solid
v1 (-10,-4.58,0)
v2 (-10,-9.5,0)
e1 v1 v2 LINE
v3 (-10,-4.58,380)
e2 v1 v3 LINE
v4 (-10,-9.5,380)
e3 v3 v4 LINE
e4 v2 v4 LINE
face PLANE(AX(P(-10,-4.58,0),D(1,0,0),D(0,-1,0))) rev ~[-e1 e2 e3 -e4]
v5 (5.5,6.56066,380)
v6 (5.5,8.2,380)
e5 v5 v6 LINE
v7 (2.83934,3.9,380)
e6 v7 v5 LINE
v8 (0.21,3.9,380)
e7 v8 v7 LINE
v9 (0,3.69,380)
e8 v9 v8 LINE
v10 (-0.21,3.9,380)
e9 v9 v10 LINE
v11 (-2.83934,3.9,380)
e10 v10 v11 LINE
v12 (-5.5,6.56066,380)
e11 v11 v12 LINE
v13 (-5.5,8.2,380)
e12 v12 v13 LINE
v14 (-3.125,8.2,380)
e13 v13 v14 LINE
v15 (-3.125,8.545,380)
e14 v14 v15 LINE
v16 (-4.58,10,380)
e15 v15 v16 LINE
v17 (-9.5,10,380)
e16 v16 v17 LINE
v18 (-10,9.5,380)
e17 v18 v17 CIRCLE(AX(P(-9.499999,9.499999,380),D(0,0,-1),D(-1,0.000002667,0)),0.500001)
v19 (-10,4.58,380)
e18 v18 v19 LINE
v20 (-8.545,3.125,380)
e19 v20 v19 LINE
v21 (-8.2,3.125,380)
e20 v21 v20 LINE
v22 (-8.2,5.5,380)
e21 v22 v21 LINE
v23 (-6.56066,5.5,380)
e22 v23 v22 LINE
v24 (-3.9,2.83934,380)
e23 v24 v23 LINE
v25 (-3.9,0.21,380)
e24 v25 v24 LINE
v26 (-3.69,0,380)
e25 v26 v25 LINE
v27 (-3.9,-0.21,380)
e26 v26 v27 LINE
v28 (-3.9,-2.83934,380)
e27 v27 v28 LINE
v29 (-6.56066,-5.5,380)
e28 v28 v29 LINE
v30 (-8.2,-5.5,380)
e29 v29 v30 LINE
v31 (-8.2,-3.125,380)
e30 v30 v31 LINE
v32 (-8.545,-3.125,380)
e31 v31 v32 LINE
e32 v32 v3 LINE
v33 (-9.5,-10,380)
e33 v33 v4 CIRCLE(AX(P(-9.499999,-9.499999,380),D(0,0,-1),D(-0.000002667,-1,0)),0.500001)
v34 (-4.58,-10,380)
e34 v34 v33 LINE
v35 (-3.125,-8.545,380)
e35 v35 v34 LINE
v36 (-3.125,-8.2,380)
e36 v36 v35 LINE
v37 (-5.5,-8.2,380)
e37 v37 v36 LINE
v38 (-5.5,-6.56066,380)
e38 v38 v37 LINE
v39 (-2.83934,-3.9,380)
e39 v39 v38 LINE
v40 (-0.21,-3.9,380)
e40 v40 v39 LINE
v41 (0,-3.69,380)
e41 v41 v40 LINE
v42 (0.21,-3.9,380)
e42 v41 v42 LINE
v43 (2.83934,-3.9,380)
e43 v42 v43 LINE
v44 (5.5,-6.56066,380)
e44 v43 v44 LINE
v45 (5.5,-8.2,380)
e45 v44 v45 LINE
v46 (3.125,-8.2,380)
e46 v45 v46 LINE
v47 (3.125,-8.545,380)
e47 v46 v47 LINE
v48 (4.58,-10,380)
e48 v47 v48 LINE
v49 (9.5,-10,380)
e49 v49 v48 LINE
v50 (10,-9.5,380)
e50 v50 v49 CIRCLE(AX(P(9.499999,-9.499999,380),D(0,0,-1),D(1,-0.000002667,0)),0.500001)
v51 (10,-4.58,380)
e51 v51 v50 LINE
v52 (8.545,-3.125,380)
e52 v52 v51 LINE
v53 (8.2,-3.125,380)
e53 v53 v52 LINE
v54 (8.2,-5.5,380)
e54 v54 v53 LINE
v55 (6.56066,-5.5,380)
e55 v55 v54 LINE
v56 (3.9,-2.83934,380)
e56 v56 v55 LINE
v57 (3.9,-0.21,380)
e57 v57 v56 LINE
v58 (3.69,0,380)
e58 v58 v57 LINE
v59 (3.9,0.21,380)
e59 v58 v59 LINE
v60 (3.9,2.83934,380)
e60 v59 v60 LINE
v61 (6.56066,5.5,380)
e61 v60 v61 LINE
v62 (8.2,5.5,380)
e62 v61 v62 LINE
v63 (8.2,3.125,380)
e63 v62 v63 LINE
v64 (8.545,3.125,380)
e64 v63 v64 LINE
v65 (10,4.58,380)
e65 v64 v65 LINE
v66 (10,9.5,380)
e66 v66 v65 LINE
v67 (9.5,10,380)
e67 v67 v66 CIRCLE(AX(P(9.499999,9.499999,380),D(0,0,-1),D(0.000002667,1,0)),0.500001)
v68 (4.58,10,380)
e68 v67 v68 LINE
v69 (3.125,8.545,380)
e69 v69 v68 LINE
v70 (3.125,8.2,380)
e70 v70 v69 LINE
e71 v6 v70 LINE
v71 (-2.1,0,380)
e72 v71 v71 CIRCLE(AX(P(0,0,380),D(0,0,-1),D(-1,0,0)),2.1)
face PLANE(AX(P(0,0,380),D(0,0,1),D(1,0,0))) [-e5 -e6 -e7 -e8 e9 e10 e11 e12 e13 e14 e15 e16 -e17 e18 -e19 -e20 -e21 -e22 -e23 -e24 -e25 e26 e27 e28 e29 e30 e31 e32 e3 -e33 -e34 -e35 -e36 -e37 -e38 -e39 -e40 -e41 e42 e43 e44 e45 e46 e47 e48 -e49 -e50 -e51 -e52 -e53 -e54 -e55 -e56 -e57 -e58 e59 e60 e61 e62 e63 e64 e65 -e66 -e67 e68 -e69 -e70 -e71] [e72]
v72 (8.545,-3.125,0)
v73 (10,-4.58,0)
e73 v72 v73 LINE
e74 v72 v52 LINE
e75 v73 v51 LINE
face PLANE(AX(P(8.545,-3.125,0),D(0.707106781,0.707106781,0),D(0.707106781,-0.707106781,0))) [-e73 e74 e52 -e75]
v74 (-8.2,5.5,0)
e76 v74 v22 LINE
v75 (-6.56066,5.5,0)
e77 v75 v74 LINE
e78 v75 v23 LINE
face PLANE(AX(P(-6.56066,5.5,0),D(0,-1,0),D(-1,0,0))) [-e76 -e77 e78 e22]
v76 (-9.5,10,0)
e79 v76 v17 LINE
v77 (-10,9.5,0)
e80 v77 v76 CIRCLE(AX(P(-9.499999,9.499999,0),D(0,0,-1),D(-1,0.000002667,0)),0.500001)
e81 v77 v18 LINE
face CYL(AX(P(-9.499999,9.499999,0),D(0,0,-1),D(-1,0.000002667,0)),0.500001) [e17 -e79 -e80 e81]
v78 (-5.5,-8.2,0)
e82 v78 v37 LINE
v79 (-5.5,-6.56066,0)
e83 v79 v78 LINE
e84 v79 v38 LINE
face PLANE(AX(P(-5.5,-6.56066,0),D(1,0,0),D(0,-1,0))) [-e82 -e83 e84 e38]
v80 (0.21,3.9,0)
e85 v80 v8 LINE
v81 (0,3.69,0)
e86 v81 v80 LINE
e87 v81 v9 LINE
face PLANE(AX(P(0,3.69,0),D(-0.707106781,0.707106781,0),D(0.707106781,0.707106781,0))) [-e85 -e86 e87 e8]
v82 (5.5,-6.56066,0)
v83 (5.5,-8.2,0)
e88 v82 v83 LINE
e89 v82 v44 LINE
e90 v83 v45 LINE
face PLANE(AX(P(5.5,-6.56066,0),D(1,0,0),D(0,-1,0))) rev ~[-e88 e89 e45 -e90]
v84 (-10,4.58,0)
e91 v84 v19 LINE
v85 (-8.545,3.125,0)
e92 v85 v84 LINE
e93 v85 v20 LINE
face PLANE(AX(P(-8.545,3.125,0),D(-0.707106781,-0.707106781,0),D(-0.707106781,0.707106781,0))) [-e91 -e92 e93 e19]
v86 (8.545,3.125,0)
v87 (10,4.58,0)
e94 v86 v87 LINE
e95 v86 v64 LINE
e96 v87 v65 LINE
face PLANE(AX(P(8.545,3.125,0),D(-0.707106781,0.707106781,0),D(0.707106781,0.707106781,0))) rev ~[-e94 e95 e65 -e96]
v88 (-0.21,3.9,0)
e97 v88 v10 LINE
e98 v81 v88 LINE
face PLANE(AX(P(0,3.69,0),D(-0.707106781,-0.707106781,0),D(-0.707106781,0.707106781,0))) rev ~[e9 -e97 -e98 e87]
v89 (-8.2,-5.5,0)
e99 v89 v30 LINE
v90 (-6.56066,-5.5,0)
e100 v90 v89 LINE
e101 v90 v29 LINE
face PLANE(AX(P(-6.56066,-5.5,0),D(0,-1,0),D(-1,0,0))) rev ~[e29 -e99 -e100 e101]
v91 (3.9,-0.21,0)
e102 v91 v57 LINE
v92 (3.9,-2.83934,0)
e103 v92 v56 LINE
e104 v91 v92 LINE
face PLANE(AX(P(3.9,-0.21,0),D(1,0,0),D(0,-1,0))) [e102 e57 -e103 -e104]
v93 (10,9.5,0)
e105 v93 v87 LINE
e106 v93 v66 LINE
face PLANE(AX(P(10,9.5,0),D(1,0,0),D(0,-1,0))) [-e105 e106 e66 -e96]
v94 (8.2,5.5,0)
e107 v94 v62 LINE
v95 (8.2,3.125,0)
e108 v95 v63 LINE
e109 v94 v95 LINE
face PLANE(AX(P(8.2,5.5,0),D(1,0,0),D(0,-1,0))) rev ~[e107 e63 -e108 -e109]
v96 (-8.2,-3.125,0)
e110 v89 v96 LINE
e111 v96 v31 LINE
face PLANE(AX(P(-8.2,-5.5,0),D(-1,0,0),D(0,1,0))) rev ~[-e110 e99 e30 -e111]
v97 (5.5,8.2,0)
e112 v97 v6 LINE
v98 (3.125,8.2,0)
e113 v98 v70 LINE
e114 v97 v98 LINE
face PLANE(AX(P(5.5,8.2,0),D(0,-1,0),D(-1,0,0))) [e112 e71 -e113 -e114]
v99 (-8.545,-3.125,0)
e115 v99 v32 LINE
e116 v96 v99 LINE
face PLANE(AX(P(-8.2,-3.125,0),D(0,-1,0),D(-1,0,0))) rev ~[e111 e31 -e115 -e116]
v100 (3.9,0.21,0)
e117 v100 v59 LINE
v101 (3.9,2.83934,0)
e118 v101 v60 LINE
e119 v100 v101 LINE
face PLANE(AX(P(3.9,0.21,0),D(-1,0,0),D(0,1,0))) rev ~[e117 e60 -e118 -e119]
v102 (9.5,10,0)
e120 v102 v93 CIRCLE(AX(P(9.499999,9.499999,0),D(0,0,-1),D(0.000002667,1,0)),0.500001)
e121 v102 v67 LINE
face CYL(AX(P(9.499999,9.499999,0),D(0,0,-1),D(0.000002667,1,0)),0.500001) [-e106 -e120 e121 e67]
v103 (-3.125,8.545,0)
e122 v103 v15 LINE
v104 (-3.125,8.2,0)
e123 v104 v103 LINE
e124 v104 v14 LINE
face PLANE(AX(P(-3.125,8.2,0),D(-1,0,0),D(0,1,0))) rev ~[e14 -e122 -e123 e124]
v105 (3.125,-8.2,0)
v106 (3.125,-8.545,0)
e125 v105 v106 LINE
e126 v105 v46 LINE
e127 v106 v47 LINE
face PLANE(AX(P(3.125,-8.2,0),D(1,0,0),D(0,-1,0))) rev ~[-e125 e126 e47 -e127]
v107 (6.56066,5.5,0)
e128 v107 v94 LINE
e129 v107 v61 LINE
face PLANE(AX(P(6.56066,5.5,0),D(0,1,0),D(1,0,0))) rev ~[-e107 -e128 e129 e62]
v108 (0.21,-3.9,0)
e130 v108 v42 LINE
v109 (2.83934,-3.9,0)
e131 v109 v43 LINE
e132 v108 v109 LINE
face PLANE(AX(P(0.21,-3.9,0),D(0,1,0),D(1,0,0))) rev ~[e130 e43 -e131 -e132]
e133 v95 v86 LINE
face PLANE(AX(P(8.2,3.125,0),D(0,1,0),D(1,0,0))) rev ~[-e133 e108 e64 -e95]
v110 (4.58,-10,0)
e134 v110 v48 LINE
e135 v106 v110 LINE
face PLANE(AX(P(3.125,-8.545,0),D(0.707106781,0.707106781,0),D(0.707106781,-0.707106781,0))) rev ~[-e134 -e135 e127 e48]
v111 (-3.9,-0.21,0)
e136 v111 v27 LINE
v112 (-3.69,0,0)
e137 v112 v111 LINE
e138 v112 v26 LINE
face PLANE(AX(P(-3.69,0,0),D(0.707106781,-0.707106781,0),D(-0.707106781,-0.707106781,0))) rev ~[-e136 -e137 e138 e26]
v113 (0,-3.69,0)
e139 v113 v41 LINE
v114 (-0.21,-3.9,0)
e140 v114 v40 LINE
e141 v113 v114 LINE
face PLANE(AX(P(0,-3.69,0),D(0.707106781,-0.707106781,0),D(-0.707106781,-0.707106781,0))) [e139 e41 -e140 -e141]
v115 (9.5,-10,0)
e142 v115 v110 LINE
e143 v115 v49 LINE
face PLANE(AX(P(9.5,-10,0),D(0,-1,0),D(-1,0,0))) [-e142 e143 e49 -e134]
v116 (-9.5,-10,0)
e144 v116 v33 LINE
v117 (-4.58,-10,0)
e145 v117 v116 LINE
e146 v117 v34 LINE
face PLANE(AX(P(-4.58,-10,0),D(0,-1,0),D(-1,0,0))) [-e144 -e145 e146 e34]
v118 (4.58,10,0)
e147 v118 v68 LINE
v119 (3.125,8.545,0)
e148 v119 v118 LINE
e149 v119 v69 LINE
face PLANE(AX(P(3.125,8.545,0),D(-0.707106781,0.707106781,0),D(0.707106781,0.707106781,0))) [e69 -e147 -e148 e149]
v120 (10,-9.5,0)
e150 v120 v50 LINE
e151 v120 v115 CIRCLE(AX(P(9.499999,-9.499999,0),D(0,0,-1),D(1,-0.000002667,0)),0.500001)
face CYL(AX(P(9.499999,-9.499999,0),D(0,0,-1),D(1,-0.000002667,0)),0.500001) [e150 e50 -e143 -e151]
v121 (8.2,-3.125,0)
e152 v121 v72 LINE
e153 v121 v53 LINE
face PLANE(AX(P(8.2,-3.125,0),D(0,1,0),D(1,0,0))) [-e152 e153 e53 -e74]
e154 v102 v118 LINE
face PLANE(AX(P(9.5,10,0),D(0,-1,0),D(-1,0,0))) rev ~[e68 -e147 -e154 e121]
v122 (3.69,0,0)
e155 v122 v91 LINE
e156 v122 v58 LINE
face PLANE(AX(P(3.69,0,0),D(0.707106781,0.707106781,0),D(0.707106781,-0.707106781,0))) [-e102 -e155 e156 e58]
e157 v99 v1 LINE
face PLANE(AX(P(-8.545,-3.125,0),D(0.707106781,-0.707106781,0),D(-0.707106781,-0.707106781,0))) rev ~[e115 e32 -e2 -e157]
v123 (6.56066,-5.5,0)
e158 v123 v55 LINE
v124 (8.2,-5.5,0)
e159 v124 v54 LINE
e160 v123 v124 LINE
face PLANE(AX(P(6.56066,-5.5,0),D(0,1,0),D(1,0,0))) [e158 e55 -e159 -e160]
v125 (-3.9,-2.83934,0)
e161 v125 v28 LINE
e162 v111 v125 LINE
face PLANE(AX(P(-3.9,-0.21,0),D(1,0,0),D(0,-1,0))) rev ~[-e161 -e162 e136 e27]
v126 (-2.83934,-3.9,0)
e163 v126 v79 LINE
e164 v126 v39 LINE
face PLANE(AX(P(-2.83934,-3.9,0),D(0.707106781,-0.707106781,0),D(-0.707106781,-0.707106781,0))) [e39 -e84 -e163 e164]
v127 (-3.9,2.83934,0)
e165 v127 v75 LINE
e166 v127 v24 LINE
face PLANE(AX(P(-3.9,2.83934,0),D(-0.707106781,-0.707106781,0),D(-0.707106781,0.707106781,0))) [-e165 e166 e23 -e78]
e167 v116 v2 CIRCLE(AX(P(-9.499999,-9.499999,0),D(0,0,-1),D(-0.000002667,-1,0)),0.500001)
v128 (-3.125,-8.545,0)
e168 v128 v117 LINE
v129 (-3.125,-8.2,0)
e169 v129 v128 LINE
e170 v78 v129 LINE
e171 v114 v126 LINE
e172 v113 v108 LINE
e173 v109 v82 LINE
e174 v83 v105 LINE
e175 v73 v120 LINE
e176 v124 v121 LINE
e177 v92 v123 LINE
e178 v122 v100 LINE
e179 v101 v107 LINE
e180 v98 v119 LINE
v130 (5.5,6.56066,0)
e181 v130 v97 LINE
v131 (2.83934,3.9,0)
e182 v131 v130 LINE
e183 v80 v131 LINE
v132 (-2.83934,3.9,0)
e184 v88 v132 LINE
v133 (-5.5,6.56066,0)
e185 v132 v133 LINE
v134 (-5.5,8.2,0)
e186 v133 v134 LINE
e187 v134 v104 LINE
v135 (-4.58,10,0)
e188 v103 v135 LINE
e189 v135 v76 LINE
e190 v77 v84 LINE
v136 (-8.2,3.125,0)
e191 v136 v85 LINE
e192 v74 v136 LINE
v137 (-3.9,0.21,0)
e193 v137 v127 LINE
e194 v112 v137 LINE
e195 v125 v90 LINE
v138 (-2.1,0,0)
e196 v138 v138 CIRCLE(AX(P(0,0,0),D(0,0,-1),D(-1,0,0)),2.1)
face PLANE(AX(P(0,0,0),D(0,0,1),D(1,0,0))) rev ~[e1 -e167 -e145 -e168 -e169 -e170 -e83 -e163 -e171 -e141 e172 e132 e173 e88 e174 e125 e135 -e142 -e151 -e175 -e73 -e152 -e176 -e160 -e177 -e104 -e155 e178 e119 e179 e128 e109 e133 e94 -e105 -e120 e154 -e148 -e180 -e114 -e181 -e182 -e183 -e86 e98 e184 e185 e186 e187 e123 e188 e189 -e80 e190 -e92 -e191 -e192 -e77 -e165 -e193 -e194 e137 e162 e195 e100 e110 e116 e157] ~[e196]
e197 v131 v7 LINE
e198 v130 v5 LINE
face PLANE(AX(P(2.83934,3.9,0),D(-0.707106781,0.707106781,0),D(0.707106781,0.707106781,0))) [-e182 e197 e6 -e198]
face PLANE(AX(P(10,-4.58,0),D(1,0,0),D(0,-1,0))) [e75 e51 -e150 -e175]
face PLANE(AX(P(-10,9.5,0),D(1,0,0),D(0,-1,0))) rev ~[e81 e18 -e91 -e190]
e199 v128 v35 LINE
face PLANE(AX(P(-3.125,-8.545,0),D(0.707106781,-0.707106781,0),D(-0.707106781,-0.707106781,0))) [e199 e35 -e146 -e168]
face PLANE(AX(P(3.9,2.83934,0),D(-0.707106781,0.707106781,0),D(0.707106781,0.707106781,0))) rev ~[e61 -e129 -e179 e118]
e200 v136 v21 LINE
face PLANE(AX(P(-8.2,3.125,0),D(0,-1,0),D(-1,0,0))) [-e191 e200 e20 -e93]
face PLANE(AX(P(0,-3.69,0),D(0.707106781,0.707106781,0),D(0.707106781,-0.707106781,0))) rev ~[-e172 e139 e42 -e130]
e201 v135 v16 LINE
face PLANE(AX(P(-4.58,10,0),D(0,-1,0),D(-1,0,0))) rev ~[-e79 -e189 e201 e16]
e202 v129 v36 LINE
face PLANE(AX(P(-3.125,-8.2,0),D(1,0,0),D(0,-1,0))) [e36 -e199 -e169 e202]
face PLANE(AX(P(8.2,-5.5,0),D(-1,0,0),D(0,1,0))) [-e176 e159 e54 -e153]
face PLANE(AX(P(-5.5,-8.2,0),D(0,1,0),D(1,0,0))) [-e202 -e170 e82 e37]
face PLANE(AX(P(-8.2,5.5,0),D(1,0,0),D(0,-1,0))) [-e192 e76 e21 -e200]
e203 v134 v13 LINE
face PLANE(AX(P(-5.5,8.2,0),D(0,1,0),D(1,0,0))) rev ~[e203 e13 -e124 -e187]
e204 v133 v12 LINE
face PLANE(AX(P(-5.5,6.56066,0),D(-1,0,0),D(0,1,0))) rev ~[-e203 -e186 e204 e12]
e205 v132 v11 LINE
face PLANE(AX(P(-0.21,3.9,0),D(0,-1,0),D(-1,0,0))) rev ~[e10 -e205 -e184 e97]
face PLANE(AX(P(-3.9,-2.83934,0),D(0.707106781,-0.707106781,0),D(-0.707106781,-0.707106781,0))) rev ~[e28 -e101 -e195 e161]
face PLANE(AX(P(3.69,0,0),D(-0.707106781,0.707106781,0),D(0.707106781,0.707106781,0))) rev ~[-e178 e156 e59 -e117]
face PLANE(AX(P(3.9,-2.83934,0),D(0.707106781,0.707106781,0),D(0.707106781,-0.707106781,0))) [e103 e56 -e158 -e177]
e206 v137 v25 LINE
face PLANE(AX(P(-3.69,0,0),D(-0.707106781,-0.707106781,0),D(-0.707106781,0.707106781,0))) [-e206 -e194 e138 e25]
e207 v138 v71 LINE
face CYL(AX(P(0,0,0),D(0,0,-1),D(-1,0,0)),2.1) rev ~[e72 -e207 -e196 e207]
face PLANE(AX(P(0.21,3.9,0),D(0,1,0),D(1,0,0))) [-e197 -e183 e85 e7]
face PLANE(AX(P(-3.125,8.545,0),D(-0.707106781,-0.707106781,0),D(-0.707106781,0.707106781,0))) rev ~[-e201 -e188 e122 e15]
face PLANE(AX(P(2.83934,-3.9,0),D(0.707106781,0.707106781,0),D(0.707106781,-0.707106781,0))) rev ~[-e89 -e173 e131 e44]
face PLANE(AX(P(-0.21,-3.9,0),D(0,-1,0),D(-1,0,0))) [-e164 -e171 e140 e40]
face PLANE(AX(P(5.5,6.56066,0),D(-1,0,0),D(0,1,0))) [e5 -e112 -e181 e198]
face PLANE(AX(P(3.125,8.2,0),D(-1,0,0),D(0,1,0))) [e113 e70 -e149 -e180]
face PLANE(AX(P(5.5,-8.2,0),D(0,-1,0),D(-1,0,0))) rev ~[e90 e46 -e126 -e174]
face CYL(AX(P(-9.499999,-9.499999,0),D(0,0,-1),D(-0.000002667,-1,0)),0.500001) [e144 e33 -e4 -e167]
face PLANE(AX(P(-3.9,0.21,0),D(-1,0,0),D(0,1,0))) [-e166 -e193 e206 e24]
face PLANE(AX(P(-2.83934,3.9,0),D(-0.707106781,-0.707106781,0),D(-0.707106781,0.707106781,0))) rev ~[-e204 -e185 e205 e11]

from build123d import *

# Parameters (mm, degrees)
PAD018_DEPTH = 380


with BuildPart() as part:
    # Sketch044 → Pad018 (new body)
    with BuildSketch(Plane(origin=(0, 0, 0), x_dir=(-1, 0, 0), z_dir=(0, 0, -1))):
        with BuildLine():
            Line((-3.69, 0), (-3.9, 0.21))
            Line((-3.9, 0.21), (-3.9, 2.83934))
            Line((-3.9, 2.83934), (-6.56066, 5.5))
            Line((-6.56066, 5.5), (-8.2, 5.5))
            Line((-8.2, 5.5), (-8.2, 3.125))
            Line((-8.2, 3.125), (-8.545, 3.125))
            Line((-8.545, 3.125), (-10, 4.58))
            Line((-10, 9.5), (-10, 4.58))
            ThreePointArc((-9.5, 10), (-9.853553, 9.853553), (-10, 9.5))
            Line((-9.5, 10), (-4.58, 10))
            Line((-3.125, 8.545), (-4.58, 10))
            Line((-3.125, 8.2), (-3.125, 8.545))
            Line((-5.5, 8.2), (-3.125, 8.2))
            Line((-5.5, 6.56066), (-5.5, 8.2))
            Line((-2.83934, 3.9), (-5.5, 6.56066))
            Line((-0.21, 3.9), (-2.83934, 3.9))
            Line((0, 3.69), (-0.21, 3.9))
            Line((0, 3.69), (0.21, 3.9))
            Line((0.21, 3.9), (2.83934, 3.9))
            Line((2.83934, 3.9), (5.5, 6.56066))
            Line((5.5, 6.56066), (5.5, 8.2))
            Line((5.5, 8.2), (3.125, 8.2))
            Line((3.125, 8.2), (3.125, 8.545))
            Line((3.125, 8.545), (4.58, 10))
            Line((4.58, 10), (9.5, 10))
            ThreePointArc((10, 9.5), (9.853553, 9.853553), (9.5, 10))
            Line((10, 9.5), (10, 4.58))
            Line((8.545, 3.125), (10, 4.58))
            Line((8.2, 3.125), (8.545, 3.125))
            Line((8.2, 5.5), (8.2, 3.125))
            Line((6.56066, 5.5), (8.2, 5.5))
            Line((3.9, 2.83934), (6.56066, 5.5))
            Line((3.9, 0.21), (3.9, 2.83934))
            Line((3.69, 0), (3.9, 0.21))
            Line((3.69, 0), (3.9, -0.21))
            Line((3.9, -0.21), (3.9, -2.83934))
            Line((3.9, -2.83934), (6.56066, -5.5))
            Line((6.56066, -5.5), (8.2, -5.5))
            Line((8.2, -5.5), (8.2, -3.125))
            Line((8.2, -3.125), (8.545, -3.125))
            Line((8.545, -3.125), (10, -4.58))
            Line((10, -4.58), (10, -9.5))
            ThreePointArc((9.5, -10), (9.853553, -9.853553), (10, -9.5))
            Line((4.58, -10), (9.5, -10))
            Line((3.125, -8.545), (4.58, -10))
            Line((3.125, -8.2), (3.125, -8.545))
            Line((5.5, -8.2), (3.125, -8.2))
            Line((5.5, -6.56066), (5.5, -8.2))
            Line((2.83934, -3.9), (5.5, -6.56066))
            Line((0.21, -3.9), (2.83934, -3.9))
            Line((0, -3.69), (0.21, -3.9))
            Line((0, -3.69), (-0.21, -3.9))
            Line((-0.21, -3.9), (-2.83934, -3.9))
            Line((-2.83934, -3.9), (-5.5, -6.56066))
            Line((-5.5, -6.56066), (-5.5, -8.2))
            Line((-5.5, -8.2), (-3.125, -8.2))
            Line((-3.125, -8.2), (-3.125, -8.545))
            Line((-3.125, -8.545), (-4.58, -10))
            Line((-9.5, -10), (-4.58, -10))
            ThreePointArc((-10, -9.5), (-9.853553, -9.853553), (-9.5, -10))
            Line((-10, -4.58), (-10, -9.5))
            Line((-8.545, -3.125), (-10, -4.58))
            Line((-8.2, -3.125), (-8.545, -3.125))
            Line((-8.2, -5.5), (-8.2, -3.125))
            Line((-6.56066, -5.5), (-8.2, -5.5))
            Line((-3.9, -2.83934), (-6.56066, -5.5))
            Line((-3.9, -0.21), (-3.9, -2.83934))
            Line((-3.69, 0), (-3.9, -0.21))
        make_face()
        with BuildLine():
            ThreePointArc((-2.1, 0), (0, -2.1), (2.1, 0))
            ThreePointArc((2.1, 0), (0, 2.1), (-2.1, 0))
        make_face(mode=Mode.SUBTRACT)
    extrude(amount=-PAD018_DEPTH)


solid = part.part
